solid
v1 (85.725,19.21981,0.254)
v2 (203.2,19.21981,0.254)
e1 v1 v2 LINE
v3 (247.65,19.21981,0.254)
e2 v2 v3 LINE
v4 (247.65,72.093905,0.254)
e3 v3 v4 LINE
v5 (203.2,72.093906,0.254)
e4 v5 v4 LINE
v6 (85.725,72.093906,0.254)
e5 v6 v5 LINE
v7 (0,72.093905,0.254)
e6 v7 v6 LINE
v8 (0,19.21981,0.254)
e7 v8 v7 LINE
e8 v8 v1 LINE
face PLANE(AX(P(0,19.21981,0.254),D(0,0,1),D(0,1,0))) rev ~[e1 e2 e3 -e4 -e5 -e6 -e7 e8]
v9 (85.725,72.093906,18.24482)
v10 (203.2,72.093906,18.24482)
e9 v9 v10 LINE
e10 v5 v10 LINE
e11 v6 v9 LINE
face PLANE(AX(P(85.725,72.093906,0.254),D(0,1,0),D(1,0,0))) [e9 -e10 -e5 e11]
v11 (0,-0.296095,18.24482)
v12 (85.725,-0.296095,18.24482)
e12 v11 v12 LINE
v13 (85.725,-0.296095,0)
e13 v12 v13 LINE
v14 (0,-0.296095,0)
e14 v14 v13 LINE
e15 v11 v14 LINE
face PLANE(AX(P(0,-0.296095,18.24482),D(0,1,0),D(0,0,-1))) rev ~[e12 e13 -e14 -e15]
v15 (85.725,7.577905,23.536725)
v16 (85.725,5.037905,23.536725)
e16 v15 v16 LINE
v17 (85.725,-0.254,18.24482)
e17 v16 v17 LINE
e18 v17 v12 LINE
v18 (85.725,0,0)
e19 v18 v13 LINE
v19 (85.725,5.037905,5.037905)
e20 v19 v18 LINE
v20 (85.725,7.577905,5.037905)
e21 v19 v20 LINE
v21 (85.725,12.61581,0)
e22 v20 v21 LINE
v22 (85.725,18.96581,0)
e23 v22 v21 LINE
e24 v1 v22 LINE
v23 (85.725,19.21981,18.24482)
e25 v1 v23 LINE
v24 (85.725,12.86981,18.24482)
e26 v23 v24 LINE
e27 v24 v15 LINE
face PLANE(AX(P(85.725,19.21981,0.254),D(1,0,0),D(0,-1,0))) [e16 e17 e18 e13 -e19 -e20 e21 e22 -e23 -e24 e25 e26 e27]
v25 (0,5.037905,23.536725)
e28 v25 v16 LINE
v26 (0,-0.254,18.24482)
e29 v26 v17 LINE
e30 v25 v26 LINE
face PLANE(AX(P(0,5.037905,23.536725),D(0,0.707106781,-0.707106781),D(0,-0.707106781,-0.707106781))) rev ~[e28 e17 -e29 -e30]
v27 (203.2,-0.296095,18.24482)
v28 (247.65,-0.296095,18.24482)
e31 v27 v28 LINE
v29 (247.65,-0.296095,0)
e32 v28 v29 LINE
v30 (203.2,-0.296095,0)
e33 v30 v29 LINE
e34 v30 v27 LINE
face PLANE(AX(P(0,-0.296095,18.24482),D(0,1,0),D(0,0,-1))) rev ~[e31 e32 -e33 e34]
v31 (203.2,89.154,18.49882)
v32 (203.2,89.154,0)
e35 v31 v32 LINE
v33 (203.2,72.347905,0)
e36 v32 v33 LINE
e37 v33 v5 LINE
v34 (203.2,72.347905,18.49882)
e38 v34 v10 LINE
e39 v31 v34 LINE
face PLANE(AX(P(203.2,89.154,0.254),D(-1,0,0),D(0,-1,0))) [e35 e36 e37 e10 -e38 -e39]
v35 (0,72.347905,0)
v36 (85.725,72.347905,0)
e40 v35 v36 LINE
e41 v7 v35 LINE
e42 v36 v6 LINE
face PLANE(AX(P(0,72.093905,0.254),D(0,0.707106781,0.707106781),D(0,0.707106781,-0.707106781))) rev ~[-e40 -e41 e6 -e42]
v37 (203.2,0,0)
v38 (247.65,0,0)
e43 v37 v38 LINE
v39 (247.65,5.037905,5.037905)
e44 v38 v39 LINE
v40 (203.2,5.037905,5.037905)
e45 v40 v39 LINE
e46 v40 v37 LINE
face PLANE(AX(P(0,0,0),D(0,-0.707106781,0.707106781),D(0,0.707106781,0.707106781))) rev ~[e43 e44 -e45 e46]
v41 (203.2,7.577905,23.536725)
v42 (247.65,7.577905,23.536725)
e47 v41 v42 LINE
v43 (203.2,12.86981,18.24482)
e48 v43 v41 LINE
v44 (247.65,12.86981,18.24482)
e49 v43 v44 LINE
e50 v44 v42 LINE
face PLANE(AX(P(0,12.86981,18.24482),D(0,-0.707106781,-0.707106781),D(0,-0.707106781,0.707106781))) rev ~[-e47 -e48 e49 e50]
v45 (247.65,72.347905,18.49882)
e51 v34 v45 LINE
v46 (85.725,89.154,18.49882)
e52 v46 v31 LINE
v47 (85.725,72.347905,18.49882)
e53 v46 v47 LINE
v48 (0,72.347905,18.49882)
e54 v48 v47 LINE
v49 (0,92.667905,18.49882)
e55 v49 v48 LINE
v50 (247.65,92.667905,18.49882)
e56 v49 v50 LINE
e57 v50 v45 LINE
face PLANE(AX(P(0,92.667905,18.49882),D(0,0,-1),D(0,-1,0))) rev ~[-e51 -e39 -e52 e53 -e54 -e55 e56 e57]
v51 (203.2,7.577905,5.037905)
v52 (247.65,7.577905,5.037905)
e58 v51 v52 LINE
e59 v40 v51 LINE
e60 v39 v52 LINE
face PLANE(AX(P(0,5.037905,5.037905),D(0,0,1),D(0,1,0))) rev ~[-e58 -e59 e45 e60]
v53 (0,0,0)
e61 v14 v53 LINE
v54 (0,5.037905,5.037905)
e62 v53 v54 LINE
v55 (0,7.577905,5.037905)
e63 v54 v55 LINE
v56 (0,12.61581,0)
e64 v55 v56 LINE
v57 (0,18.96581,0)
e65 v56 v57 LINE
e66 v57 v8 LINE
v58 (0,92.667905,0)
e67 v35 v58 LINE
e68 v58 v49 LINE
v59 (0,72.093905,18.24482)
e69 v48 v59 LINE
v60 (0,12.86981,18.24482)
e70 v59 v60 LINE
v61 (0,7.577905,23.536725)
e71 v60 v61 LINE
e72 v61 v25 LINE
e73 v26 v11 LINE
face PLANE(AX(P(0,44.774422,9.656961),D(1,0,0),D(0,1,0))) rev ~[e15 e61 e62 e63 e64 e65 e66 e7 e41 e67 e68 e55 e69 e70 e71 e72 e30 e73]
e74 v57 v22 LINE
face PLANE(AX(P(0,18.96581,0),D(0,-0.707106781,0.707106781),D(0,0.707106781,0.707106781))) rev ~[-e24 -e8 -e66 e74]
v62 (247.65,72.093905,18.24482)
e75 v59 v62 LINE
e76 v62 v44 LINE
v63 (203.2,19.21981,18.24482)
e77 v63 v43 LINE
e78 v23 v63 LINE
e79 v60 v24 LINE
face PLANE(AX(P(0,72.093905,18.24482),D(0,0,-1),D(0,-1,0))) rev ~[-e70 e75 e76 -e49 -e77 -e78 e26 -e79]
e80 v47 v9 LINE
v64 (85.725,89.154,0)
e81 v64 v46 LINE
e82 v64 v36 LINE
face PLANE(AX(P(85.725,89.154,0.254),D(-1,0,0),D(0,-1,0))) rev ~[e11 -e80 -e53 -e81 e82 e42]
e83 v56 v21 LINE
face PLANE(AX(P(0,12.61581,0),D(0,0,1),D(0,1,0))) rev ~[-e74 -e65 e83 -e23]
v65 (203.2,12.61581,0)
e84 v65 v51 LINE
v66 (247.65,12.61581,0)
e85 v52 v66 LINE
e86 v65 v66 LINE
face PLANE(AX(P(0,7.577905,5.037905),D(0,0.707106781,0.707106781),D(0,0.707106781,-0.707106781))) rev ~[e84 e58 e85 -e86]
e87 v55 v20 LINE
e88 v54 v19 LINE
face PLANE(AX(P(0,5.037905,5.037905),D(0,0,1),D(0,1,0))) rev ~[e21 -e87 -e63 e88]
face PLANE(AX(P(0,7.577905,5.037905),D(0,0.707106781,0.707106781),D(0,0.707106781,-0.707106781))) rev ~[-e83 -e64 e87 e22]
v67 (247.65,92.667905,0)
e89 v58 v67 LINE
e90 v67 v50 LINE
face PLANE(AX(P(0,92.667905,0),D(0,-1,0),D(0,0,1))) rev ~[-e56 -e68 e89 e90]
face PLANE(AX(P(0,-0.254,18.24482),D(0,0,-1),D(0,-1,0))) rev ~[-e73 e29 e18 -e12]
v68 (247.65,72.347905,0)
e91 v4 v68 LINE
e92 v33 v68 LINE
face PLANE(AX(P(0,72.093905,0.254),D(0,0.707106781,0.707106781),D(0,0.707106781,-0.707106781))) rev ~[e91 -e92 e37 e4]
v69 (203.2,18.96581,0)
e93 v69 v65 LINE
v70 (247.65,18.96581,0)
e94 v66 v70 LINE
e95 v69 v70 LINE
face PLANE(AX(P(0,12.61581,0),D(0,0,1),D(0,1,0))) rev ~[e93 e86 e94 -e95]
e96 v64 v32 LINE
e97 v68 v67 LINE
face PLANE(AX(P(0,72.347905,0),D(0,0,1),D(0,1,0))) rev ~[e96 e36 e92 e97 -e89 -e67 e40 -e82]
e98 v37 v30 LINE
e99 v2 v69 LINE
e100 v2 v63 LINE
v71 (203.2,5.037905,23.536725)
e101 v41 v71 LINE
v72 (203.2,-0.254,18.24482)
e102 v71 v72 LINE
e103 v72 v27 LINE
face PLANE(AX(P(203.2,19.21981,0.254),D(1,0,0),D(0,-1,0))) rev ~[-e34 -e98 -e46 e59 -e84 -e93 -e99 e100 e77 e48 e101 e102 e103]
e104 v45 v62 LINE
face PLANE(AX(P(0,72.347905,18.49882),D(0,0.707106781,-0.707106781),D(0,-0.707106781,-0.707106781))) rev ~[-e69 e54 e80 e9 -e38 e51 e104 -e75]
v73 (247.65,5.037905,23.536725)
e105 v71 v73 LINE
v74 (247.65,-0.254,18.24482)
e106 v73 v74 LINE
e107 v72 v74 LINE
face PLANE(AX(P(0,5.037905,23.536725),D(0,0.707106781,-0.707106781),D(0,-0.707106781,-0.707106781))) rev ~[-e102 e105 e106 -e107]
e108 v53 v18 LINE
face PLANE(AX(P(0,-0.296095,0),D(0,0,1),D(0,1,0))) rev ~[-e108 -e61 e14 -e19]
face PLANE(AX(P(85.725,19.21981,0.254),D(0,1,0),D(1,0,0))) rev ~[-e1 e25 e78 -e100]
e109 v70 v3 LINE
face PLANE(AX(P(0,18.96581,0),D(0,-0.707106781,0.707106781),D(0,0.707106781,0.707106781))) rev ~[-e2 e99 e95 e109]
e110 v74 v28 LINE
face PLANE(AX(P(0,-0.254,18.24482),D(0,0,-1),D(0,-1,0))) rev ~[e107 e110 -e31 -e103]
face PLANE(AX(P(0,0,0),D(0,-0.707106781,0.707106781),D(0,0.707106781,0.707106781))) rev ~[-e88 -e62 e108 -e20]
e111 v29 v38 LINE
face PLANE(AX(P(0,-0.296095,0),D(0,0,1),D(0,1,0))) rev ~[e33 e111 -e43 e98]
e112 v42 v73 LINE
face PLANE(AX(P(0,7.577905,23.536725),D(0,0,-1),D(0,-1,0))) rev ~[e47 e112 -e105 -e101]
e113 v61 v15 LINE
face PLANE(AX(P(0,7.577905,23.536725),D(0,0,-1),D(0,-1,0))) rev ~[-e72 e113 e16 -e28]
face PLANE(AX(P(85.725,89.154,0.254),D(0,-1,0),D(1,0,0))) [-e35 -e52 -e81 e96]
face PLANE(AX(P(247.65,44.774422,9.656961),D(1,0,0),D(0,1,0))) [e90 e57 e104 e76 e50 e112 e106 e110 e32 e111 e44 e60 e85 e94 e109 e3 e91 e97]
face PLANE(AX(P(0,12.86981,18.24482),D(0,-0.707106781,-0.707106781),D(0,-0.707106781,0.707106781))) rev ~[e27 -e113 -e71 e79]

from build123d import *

# Parameters (mm, degrees)
F1_DEPTH      = 247.65
F2_W          = 117.475
F2_H          = 23.997068
F2_H_2        = 17.060095
F3_DEPTH      = 25.4
F3_DEPTH_BACK = -25.4


with BuildPart() as f1:
    # F0 (on Right) → F1 (new body)
    with BuildSketch(Plane.YZ):
        Polygon((0, 0), (5.037905, 5.037905), (7.577905, 5.037905), (12.61581, 0), (18.96581, 0), (19.21981, 0.254), (72.093905, 0.254), (72.347905, 0), (92.667905, 0), (92.667905, 18.49882), (72.347905, 18.49882), (72.093905, 18.24482), (12.86981, 18.24482), (7.577905, 23.536725), (5.037905, 23.536725), (-0.254, 18.24482), (-0.296095, 18.24482), (-0.296095, 0), align=None)
    extrude(amount=F1_DEPTH)

    # F2 (on face) → F3 (cut, two sides)
    with BuildSketch(Plane(origin=(0, 0, 0.254), x_dir=(1, 0, 0), z_dir=(0, 0, -1))) as f3_sk:
        with Locations((144.4625, -7.221276)):
            Rectangle(F2_W, F2_H)
        with Locations((144.4625, -80.623953)):
            Rectangle(F2_W, F2_H_2)
    extrude(amount=-F3_DEPTH, mode=Mode.SUBTRACT)
    extrude(f3_sk.sketch, amount=-F3_DEPTH_BACK, mode=Mode.SUBTRACT)


solid = f1.part
